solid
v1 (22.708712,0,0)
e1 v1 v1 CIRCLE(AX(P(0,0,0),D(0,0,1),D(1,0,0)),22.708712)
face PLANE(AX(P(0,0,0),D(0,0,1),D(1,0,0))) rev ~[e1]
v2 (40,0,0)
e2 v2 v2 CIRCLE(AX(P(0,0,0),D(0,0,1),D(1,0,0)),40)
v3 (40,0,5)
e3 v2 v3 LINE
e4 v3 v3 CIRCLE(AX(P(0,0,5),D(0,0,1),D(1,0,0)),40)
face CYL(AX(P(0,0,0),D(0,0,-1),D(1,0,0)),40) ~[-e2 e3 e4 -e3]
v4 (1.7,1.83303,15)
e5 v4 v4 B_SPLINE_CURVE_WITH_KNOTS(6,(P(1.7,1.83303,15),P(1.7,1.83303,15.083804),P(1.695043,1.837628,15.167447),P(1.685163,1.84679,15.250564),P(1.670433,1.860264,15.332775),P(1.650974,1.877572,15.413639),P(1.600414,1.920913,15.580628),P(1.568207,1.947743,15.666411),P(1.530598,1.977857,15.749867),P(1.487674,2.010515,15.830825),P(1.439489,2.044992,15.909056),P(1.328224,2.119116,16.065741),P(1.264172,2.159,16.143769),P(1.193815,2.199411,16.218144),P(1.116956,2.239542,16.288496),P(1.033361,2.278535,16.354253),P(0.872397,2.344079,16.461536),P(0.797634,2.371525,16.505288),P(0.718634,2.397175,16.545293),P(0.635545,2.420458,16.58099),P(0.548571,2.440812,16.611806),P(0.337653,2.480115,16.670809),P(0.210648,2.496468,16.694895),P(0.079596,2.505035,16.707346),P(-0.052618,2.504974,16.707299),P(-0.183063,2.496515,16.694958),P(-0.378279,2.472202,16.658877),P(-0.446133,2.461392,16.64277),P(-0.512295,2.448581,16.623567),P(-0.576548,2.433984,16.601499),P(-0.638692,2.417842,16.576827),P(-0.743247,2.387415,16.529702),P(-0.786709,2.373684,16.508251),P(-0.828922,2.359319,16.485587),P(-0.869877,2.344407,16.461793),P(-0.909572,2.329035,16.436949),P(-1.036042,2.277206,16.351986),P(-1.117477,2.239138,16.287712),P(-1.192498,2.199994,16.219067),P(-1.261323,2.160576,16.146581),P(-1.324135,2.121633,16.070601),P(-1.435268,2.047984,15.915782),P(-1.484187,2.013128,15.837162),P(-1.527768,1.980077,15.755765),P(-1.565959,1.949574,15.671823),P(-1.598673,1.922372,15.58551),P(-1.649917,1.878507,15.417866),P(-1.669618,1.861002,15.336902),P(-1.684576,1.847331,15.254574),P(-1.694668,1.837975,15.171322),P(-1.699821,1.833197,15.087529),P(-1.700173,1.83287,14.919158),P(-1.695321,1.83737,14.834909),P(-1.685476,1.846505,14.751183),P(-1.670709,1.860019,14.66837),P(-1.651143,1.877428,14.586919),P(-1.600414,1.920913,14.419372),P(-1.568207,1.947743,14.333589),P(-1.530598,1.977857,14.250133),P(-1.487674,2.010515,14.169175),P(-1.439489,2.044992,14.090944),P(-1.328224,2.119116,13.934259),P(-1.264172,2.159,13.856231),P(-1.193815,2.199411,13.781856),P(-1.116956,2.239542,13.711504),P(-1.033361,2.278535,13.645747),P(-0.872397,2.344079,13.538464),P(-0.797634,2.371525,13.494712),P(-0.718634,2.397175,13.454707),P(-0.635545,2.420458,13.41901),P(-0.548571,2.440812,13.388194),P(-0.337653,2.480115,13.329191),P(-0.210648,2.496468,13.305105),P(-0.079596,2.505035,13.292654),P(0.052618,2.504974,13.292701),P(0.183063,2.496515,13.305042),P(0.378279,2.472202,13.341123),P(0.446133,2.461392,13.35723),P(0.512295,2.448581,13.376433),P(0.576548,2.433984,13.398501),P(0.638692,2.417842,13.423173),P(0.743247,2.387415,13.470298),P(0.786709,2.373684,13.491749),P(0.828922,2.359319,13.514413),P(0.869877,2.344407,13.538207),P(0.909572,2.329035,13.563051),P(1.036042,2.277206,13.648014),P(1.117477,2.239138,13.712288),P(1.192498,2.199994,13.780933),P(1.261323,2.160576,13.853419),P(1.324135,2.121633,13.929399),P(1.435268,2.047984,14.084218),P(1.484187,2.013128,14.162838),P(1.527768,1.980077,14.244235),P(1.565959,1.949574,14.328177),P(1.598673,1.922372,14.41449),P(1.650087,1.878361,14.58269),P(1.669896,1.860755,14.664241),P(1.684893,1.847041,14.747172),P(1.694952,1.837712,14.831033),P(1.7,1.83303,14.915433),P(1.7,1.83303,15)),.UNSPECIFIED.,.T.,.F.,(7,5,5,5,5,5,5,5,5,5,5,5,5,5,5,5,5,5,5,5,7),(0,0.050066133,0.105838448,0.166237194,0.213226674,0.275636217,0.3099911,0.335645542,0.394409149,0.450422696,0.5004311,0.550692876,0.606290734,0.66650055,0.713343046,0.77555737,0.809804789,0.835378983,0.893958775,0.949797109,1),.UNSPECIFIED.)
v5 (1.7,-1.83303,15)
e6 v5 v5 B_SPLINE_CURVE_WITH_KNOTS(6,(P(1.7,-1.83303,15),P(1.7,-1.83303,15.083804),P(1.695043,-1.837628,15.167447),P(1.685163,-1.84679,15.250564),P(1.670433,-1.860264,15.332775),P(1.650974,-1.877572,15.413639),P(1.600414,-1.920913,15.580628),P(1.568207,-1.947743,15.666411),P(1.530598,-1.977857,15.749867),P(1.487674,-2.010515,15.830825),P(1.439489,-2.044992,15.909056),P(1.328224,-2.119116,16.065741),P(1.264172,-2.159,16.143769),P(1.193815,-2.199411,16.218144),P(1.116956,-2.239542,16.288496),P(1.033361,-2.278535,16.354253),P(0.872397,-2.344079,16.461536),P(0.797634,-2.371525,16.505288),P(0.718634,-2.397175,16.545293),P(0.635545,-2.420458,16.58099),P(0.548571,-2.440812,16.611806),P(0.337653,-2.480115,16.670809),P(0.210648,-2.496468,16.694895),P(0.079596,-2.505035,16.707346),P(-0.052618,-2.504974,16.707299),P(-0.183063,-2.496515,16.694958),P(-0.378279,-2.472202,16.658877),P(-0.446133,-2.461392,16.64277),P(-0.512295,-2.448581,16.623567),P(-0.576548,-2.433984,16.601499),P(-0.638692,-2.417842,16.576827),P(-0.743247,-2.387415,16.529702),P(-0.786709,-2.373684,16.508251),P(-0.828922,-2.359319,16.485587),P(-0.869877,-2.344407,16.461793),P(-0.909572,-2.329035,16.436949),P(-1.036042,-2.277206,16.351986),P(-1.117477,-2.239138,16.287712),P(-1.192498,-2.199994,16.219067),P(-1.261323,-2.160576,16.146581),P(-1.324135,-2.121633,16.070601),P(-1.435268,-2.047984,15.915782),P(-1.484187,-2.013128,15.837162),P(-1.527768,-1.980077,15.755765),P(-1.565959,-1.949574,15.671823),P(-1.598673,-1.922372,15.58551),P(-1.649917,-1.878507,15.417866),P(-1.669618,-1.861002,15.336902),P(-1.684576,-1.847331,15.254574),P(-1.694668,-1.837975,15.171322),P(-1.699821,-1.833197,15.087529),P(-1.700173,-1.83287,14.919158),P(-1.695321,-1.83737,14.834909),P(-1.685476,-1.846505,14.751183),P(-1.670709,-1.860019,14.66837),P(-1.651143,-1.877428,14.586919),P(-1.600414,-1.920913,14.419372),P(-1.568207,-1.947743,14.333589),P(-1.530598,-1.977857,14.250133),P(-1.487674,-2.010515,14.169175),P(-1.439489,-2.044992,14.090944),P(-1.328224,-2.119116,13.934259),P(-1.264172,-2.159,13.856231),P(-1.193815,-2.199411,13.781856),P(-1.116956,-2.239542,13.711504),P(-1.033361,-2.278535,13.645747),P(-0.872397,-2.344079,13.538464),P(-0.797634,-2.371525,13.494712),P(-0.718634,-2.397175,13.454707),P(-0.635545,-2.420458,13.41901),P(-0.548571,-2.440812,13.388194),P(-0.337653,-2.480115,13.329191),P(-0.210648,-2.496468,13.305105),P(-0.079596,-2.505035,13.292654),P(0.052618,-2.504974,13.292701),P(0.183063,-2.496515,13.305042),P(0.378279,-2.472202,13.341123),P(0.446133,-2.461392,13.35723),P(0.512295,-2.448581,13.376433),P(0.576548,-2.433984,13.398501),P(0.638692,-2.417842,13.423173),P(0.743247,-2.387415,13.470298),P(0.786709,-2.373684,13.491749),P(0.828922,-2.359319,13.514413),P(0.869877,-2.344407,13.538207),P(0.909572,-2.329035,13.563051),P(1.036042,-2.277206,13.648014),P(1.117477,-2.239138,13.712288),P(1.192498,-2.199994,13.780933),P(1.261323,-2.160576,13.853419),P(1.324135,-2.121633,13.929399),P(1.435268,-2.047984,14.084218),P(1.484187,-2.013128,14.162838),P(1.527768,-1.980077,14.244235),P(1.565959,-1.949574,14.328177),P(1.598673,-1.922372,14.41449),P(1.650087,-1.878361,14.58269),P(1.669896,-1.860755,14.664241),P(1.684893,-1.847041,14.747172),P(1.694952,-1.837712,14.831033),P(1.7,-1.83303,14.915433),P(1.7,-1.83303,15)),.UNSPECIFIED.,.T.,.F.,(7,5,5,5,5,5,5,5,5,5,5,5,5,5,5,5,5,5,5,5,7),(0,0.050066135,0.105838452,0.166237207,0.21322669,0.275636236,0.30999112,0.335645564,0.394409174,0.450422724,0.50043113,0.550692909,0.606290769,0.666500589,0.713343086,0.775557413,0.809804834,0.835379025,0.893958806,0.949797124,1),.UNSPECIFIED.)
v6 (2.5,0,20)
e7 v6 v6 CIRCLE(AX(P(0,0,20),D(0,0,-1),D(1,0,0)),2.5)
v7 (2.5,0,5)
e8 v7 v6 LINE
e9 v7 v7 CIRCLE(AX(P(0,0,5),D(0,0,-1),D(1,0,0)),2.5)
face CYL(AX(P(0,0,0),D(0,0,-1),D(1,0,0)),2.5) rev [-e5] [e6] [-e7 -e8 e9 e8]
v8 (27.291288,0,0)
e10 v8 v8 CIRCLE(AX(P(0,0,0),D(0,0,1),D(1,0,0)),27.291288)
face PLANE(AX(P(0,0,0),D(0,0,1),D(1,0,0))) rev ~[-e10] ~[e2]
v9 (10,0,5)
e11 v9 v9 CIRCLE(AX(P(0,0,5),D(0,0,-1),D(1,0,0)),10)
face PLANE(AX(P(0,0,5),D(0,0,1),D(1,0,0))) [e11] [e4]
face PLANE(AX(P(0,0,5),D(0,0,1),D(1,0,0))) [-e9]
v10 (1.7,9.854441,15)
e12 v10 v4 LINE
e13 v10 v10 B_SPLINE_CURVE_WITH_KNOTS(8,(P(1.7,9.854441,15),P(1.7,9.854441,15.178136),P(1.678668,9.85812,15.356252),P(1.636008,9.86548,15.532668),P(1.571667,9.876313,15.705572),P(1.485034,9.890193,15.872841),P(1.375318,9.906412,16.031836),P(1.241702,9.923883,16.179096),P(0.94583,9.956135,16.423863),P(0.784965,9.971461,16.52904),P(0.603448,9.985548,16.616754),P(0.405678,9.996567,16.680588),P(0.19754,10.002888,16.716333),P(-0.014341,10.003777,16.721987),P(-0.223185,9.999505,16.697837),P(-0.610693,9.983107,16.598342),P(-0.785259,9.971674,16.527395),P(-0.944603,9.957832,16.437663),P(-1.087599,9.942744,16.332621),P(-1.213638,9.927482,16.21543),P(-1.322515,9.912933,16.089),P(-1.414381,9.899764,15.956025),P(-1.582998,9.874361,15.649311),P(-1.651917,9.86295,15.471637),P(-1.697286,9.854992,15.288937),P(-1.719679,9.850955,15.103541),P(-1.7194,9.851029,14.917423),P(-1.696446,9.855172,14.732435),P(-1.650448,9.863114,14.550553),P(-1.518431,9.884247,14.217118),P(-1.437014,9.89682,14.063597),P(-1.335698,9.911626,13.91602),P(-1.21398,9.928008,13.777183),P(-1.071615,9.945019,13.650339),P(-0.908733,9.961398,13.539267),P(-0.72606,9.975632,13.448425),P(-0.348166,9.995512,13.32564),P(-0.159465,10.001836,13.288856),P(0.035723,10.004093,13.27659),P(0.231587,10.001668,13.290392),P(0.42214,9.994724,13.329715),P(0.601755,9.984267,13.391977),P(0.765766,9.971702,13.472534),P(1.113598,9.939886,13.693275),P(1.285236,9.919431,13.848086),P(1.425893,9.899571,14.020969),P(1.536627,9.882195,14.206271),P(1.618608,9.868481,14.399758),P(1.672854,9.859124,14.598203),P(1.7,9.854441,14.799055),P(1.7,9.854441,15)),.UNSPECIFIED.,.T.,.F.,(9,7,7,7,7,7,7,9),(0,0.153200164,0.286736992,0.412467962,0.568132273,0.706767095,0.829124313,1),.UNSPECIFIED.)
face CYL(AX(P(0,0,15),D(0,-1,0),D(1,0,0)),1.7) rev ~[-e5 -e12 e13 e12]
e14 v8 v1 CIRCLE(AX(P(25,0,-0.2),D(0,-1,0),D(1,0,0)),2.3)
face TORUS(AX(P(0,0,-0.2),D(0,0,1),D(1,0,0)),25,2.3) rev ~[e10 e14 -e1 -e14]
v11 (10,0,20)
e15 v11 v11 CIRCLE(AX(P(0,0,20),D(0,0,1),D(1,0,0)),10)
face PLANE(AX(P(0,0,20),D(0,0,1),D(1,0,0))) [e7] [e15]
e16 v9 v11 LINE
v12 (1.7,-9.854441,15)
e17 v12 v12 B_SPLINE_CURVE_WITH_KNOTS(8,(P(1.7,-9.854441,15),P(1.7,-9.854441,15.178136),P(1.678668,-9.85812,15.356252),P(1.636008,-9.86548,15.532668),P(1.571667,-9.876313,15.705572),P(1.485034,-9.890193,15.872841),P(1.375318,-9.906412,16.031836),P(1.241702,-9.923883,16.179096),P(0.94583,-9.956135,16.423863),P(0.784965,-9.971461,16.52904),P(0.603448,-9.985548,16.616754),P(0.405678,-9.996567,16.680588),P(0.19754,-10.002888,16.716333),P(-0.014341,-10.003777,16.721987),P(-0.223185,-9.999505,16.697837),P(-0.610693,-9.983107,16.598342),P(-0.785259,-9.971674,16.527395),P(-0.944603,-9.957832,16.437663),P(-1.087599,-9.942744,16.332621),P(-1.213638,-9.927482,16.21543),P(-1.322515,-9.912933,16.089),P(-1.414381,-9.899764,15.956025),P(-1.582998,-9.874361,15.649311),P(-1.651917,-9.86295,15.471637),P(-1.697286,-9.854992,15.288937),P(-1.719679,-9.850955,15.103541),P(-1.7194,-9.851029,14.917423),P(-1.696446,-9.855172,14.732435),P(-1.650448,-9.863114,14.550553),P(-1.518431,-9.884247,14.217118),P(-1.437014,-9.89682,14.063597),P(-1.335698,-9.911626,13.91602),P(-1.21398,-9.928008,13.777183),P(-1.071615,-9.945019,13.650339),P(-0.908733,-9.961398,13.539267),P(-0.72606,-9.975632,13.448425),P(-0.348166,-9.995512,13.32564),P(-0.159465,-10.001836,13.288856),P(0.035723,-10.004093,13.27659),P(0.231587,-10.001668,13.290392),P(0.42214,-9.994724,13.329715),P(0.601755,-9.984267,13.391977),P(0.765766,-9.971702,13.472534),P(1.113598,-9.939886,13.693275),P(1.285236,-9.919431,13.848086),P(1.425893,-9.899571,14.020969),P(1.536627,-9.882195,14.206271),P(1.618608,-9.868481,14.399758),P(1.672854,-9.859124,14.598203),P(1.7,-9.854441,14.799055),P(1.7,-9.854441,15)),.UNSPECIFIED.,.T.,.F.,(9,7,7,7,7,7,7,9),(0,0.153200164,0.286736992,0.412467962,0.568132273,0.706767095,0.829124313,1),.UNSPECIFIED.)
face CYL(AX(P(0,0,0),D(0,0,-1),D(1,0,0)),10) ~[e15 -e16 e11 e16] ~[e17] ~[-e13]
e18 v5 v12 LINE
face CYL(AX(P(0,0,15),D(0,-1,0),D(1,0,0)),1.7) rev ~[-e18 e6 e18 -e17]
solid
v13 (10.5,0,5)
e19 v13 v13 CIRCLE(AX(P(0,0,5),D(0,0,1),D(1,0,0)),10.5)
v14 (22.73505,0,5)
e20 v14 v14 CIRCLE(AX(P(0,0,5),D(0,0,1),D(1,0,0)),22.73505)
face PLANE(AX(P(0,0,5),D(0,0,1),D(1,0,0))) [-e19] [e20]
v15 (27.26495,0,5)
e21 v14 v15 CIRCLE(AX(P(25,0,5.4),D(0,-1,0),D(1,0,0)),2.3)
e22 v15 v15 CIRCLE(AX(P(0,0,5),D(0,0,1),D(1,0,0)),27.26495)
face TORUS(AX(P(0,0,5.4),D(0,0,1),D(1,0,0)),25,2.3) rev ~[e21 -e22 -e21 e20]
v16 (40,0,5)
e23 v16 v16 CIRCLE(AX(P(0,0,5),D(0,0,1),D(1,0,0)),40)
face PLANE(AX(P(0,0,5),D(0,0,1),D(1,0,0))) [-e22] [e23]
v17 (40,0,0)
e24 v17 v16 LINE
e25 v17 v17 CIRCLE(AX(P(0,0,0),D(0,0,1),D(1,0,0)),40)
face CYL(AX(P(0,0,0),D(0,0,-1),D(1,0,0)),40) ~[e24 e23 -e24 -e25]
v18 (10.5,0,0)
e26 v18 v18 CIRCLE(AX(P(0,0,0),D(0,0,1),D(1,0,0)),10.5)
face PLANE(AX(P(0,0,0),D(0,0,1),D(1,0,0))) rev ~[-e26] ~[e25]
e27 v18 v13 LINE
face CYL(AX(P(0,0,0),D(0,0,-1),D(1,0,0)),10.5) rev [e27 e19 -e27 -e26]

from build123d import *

# Parameters (mm, degrees)
SKETCH005_AS_DRAWN_R              = 2.3
REVOLVE_ONTO_SKETCH005_ROLL_ANGLE = 90
SKETCH007_R                       = 10.5
EXTRUDE_DEPTH                     = 5
SKETCH006_R                       = 40
PAD004_DEPTH                      = 5
SKETCH001_R                       = 2.3
SKETCH_R                          = 40
PAD_DEPTH                         = 5
SKETCH003_R                       = 2.5
PAD002_DEPTH                      = 30
SKETCH004_R                       = 1.7
PAD003_DEPTH                      = 15
SKETCH002_R                       = 10
PAD001_DEPTH                      = 20


with BuildPart() as revolve_body:
    # Sketch005 as drawn → Revolve (revolve)
    with BuildSketch(Plane.XY):
        with Locations((25, 5.4)):
            Circle(SKETCH005_AS_DRAWN_R)
    revolve(axis=Axis((0, 0, 0), (0, 1, 0)))


with BuildPart() as revolve_body_1:
    # Revolve onto Sketch005 roll: moved
    add(revolve_body.part.rotate(Axis((0, 0, 0), (1, 0, 0)), REVOLVE_ONTO_SKETCH005_ROLL_ANGLE))


with BuildPart() as revolve_body_2:
    # Revolve onto Sketch005 placement: moved
    add(revolve_body_1.part)


with BuildPart() as hub_hole_ex:
    # Sketch007 → Extrude (new body)
    with BuildSketch(Plane.XY):
        Circle(SKETCH007_R)
    extrude(amount=EXTRUDE_DEPTH)


with BuildPart() as bot_bearing:
    # Sketch006 → Pad004 (new body)
    with BuildSketch(Plane.XY):
        Circle(SKETCH006_R)
    extrude(amount=PAD004_DEPTH)

    # Cut001: cut hub_hole_ex
    add(hub_hole_ex.part, mode=Mode.SUBTRACT)

    # Cut004: cut Revolve body
    add(revolve_body_2.part, mode=Mode.SUBTRACT)


with BuildPart() as revolution:
    # Sketch001 → Revolution (revolve)
    with BuildSketch(Plane.XZ):
        with Locations((25, -0.2)):
            Circle(SKETCH001_R)
    revolve(axis=Axis((0, 0, 0), (0, 0, 1)))


with BuildPart() as base:
    # Sketch → Pad (new body)
    with BuildSketch(Plane.XY):
        Circle(SKETCH_R)
    extrude(amount=PAD_DEPTH)

    # Cut: cut Revolution
    add(revolution.part, mode=Mode.SUBTRACT)


with BuildPart() as shaft_hole3d:
    # Sketch003 → Pad002 (new body)
    with BuildSketch(Plane.XY):
        Circle(SKETCH003_R)
    extrude(amount=PAD002_DEPTH)


with BuildPart() as pad003:
    # Sketch004 → Pad003 (new body, symmetric)
    with BuildSketch(Plane.XZ):
        with Locations((0, 15)):
            Circle(SKETCH004_R)
    extrude(amount=PAD003_DEPTH, both=True)


with BuildPart() as top_bearing001:
    # Sketch002 → Pad001 (new body)
    with BuildSketch(Plane.XY):
        Circle(SKETCH002_R)
    extrude(amount=PAD001_DEPTH)

    # Cut002: cut Pad003
    add(pad003.part, mode=Mode.SUBTRACT)

    # Cut003: cut shaft_hole3d
    add(shaft_hole3d.part, mode=Mode.SUBTRACT)

    # Fusion: union base
    add(base.part)


solid = Compound([bot_bearing.part, top_bearing001.part])
